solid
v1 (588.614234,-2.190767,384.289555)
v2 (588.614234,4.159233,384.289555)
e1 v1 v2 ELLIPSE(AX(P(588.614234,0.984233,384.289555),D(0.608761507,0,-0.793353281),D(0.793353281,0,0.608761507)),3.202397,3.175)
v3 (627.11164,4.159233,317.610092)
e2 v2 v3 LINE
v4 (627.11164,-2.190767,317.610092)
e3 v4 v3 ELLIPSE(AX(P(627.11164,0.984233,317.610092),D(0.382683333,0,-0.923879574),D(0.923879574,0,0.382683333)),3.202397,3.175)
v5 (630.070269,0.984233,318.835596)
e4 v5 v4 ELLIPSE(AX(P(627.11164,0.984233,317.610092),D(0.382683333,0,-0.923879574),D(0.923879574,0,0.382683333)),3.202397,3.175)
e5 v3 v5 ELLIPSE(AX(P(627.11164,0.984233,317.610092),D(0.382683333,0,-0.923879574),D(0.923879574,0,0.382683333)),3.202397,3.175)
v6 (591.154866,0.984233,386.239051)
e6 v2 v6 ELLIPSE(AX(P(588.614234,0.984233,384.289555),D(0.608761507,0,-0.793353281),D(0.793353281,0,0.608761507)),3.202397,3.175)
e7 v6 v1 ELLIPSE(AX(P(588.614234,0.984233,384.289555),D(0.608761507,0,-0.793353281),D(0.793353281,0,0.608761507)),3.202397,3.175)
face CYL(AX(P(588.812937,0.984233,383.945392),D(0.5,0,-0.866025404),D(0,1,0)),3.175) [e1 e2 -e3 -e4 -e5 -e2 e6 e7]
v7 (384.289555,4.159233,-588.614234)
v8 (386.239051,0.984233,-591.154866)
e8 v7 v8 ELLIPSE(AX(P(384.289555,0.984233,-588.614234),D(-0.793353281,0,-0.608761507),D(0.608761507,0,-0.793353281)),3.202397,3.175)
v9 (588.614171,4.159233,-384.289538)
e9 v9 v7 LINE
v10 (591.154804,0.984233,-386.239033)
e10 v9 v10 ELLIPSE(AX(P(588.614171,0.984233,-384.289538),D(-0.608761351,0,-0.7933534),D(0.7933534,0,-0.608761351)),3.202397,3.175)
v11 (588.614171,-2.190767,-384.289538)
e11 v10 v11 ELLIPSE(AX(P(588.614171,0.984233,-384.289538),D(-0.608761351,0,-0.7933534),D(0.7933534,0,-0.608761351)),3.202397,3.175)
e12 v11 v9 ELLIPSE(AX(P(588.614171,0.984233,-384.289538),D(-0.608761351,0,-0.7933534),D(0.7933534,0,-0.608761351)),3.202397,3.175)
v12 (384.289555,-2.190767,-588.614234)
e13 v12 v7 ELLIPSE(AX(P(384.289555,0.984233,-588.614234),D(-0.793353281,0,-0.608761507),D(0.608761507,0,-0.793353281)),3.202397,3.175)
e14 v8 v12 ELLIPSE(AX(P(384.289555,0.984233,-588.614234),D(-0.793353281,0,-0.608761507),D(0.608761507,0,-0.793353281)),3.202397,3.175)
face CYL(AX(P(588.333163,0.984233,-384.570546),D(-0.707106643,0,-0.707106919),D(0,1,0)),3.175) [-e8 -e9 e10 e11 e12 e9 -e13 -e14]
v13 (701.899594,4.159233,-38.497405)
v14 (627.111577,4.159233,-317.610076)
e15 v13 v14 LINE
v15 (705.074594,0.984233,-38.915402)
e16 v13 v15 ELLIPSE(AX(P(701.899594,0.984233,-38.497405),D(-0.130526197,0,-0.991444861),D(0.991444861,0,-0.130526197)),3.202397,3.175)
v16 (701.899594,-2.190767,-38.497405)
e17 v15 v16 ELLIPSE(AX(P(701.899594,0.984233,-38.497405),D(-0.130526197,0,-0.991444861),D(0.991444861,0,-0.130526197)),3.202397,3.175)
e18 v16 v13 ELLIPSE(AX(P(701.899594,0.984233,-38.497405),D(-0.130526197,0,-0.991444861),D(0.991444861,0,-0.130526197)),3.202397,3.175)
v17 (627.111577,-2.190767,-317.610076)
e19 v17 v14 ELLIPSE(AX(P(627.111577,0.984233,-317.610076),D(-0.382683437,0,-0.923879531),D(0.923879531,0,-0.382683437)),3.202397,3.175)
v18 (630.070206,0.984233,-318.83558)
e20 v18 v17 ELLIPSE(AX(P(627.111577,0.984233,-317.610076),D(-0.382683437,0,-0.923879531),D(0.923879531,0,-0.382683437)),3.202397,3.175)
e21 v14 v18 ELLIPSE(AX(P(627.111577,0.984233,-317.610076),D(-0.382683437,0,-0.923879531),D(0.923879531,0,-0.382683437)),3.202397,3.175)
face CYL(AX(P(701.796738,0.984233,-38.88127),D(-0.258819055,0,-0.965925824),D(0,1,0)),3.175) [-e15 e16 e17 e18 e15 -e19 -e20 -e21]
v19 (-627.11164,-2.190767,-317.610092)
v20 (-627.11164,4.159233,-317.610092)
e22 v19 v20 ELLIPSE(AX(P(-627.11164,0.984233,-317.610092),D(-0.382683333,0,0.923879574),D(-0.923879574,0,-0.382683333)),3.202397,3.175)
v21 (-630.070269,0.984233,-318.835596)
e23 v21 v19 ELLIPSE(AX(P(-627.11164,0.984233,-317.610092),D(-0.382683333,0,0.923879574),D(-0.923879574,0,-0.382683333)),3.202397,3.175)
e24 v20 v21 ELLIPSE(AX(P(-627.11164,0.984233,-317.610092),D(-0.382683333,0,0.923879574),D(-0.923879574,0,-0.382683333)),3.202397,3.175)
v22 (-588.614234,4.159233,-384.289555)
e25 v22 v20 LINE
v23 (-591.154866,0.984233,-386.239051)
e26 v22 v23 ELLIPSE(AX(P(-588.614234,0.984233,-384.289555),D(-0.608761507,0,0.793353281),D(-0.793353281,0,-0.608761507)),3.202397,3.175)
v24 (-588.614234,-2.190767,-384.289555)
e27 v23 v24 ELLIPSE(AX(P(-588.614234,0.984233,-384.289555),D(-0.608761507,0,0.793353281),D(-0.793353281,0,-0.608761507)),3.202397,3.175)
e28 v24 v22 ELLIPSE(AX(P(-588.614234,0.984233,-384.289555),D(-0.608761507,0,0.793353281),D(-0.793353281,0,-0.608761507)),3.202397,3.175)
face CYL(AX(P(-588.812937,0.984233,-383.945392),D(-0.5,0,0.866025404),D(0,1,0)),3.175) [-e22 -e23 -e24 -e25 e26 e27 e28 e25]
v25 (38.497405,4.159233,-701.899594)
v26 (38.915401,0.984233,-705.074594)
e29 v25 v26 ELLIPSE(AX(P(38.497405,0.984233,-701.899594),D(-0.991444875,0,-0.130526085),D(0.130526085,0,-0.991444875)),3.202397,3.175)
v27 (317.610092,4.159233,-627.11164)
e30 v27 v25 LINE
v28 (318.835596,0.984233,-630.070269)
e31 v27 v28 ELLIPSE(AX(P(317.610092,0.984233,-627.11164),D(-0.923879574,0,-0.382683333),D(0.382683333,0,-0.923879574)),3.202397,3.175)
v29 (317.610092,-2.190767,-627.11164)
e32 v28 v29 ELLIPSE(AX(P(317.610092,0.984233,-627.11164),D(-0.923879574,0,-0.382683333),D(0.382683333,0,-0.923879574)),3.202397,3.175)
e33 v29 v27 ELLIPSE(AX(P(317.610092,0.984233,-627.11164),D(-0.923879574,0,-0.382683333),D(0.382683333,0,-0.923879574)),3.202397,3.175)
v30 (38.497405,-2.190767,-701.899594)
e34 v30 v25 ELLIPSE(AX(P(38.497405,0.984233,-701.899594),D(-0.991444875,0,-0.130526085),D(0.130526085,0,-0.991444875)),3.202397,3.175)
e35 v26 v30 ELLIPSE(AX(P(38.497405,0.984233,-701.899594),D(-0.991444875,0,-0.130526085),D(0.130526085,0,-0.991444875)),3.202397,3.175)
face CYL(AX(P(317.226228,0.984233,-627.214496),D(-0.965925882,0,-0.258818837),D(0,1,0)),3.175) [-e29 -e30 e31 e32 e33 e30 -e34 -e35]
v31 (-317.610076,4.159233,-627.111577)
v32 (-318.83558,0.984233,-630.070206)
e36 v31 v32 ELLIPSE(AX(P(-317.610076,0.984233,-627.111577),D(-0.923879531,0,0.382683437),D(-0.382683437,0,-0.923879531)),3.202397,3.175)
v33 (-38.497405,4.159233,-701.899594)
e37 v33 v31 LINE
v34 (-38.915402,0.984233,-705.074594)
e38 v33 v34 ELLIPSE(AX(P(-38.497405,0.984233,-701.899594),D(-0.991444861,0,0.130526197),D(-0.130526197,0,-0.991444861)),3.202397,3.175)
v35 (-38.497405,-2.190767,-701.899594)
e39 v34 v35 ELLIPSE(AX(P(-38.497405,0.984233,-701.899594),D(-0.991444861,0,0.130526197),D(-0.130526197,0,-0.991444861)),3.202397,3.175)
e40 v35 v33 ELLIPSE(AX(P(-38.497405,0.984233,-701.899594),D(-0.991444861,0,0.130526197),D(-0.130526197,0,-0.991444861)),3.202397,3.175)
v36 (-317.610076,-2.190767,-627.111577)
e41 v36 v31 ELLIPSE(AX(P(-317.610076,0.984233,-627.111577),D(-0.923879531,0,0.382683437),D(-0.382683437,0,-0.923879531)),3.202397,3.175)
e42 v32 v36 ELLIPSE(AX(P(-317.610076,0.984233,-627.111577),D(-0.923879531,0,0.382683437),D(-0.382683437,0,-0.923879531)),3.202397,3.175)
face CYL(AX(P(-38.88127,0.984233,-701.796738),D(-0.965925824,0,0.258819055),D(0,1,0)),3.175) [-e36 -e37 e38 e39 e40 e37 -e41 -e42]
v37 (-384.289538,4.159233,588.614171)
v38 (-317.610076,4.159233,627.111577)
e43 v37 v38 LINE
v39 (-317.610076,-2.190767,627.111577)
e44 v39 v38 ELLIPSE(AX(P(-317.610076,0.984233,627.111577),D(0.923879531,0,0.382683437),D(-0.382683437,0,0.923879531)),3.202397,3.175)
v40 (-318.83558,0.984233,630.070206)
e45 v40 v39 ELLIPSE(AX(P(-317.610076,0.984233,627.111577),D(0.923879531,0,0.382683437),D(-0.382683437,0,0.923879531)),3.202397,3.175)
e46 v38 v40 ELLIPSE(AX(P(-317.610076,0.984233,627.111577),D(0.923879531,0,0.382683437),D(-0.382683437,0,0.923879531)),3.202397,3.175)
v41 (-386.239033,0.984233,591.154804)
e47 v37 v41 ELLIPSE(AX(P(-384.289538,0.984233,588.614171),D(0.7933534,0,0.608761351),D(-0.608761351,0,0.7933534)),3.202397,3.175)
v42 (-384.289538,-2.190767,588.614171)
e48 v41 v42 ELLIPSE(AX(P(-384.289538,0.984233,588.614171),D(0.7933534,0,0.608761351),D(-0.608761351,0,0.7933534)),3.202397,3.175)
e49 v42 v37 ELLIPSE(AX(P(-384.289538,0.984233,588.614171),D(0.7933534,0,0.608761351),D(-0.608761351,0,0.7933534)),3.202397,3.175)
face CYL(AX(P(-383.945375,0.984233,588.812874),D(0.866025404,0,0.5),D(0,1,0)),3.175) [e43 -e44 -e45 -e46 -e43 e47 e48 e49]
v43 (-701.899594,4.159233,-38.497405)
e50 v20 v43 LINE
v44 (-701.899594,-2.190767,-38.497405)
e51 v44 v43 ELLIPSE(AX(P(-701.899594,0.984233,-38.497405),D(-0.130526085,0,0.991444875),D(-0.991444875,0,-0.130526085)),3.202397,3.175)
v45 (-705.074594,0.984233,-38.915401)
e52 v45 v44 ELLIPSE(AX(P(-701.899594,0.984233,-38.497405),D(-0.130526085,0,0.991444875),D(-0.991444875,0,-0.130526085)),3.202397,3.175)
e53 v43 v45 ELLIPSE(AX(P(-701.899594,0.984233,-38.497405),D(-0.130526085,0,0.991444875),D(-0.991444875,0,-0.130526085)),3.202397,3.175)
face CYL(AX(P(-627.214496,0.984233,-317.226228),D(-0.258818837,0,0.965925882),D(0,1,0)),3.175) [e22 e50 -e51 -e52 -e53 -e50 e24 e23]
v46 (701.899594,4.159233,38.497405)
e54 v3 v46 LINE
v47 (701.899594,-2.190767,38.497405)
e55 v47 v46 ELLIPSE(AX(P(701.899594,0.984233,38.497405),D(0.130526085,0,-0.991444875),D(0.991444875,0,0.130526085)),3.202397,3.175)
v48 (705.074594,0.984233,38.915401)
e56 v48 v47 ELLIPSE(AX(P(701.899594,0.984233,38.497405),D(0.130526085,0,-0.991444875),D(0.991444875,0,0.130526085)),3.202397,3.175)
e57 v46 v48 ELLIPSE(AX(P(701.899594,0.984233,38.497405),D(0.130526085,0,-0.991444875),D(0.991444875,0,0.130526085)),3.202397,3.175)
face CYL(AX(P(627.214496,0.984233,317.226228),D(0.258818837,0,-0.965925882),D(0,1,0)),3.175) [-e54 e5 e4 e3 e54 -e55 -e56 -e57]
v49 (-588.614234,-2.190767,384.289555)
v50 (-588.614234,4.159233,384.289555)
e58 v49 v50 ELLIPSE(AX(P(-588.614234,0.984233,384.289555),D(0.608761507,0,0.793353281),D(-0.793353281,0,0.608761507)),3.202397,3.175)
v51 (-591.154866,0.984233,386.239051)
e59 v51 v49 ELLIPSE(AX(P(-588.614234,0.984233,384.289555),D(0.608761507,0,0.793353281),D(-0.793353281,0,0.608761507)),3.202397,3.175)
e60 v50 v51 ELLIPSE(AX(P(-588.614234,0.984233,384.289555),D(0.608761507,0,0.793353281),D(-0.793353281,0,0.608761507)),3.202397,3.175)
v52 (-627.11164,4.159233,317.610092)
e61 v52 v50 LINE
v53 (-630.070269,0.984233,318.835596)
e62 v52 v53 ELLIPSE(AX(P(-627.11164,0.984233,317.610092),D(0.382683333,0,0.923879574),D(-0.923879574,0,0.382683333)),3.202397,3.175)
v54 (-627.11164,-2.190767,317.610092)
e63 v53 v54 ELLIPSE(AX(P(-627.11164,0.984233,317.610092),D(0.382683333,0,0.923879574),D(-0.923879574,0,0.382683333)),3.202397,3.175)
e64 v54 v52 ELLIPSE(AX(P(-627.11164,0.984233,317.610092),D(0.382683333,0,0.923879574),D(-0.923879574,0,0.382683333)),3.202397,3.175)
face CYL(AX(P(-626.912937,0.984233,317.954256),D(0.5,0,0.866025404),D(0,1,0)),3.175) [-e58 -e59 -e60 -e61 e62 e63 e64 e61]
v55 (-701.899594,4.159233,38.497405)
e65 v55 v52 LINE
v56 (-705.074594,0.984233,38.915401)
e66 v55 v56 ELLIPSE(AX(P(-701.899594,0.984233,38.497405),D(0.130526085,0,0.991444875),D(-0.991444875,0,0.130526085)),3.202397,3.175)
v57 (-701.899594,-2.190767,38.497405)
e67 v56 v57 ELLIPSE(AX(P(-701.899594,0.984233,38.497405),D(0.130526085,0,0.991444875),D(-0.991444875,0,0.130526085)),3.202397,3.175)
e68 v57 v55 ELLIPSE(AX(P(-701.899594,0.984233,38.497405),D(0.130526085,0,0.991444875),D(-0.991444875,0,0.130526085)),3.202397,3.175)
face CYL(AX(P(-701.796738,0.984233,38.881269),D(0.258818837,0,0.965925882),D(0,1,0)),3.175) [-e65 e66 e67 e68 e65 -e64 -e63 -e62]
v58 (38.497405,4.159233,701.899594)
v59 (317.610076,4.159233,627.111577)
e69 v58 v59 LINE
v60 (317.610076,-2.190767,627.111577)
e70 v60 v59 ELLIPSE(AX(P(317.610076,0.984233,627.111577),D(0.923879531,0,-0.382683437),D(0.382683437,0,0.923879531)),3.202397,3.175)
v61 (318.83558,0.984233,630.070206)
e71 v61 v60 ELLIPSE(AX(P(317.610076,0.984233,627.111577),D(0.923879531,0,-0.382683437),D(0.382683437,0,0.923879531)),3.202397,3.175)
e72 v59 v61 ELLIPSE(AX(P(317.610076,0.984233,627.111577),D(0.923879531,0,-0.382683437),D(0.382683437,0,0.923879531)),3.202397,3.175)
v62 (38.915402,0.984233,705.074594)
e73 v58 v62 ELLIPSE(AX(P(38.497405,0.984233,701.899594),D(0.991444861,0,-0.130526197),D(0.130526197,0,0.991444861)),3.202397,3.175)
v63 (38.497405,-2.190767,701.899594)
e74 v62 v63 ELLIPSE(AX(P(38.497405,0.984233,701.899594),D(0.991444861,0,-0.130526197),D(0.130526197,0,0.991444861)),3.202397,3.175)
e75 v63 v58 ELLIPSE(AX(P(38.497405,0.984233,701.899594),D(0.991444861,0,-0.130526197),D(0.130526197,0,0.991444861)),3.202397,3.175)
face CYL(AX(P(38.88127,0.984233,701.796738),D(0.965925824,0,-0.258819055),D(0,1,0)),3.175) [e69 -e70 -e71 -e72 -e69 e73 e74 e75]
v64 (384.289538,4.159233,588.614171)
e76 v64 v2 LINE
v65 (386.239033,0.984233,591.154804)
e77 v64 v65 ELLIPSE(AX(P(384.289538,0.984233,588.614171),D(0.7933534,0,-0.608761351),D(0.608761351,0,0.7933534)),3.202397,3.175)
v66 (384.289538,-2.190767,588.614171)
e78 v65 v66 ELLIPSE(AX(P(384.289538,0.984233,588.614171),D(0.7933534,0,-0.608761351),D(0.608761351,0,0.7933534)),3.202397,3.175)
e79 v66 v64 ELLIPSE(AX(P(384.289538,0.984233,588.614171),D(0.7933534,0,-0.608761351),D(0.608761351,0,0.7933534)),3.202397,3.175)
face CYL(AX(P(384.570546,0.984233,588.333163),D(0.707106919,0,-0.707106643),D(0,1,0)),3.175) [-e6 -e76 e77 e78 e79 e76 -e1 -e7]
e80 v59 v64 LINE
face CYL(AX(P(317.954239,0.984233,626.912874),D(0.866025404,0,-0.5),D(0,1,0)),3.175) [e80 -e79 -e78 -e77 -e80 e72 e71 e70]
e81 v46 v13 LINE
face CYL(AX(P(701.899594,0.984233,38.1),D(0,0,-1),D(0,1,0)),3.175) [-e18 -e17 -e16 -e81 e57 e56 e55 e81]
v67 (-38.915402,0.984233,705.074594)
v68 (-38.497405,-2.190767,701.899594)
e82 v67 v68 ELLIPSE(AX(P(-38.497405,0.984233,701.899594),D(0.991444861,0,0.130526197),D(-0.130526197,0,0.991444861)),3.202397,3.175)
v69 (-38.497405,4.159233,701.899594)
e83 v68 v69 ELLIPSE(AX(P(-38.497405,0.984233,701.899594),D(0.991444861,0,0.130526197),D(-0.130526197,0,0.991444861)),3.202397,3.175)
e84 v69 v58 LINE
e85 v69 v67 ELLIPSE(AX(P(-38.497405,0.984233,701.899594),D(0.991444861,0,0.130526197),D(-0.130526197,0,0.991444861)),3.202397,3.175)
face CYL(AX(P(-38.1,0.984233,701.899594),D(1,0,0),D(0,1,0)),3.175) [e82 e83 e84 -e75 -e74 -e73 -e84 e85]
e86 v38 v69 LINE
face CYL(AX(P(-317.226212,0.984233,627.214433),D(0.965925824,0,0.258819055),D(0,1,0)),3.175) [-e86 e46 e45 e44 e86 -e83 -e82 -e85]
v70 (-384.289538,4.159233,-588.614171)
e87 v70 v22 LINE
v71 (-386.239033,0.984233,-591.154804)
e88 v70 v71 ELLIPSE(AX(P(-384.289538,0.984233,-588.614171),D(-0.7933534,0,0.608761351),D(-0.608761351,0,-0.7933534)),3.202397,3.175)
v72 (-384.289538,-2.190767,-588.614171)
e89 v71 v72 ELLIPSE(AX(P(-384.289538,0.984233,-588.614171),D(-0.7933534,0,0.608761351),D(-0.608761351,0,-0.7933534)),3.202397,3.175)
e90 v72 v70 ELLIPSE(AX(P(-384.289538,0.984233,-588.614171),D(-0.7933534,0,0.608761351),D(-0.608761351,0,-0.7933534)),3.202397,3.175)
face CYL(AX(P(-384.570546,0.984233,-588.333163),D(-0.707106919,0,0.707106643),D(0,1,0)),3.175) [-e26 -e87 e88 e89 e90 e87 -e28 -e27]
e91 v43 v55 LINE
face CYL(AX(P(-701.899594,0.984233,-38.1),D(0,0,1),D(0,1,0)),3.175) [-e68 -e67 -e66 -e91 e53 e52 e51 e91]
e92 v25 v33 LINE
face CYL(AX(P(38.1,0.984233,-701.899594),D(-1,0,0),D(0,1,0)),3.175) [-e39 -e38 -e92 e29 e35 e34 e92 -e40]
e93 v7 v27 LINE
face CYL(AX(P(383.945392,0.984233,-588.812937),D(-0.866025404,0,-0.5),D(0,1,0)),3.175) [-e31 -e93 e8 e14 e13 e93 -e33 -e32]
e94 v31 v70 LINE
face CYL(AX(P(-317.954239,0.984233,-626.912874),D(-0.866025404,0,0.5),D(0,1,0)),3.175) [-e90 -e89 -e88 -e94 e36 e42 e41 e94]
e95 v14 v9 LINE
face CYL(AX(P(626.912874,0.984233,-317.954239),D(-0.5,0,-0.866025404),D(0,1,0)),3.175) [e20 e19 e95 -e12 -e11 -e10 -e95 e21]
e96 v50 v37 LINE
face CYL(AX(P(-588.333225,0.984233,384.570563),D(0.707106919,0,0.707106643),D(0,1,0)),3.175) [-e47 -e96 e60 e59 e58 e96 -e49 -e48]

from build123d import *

# Parameters (mm, degrees)
F1_R = 3.175


with BuildPart() as f2:
    # F2: sweep along a path in F0
    with BuildLine(Plane.XZ) as f2_path:
        Line((-38.1, 698.881), (38.1, 698.881))
        Line((38.1, 698.881), (316.4449418371, 624.2986946097))
        Line((316.4449418371, 624.2986946097), (382.4360776054, 586.1986946097))
        Line((382.4360776054, 586.1986946097), (586.1987574488, 382.4360944431))
        Line((586.1987574488, 382.4360944431), (624.2987574488, 316.4449586747))
        Line((624.2987574488, 316.4449586747), (698.881, 38.1))
        Line((698.881, 38.1), (698.881, -38.1))
        Line((698.881, -38.1), (624.2986946097, -316.4449418371))
        Line((624.2986946097, -316.4449418371), (586.1986946097, -382.4360776054))
        Line((586.1986946097, -382.4360776054), (382.4360944431, -586.1987574488))
        Line((382.4360944431, -586.1987574488), (316.4449586747, -624.2987574488))
        Line((316.4449586747, -624.2987574488), (38.1, -698.881))
        Line((38.1, -698.881), (-38.1, -698.881))
        Line((-38.1, -698.881), (-316.4449418371, -624.2986946097))
        Line((-316.4449418371, -624.2986946097), (-382.4360776054, -586.1986946097))
        Line((-382.4360776054, -586.1986946097), (-586.1987574488, -382.4360944431))
        Line((-586.1987574488, -382.4360944431), (-624.2987574488, -316.4449586747))
        Line((-624.2987574488, -316.4449586747), (-698.881, -38.1))
        Line((-698.881, -38.1), (-698.881, 38.1))
        Line((-698.881, 38.1), (-624.2987574488, 316.4449586747))
        Line((-624.2987574488, 316.4449586747), (-586.1987574488, 382.4360944431))
        Line((-586.1987574488, 382.4360944431), (-382.4360776054, 586.1986946097))
        Line((-382.4360776054, 586.1986946097), (-316.4449418371, 624.2986946097))
        Line((-316.4449418371, 624.2986946097), (-38.1, 698.881))
    # F1 (on Right) → F2 (sweep)
    with BuildSketch(Plane.YZ):
        with Locations((0.9842328243, 701.8995941674)):
            Circle(F1_R)
    sweep(path=f2_path.line, transition=Transition.RIGHT)


solid = f2.part
